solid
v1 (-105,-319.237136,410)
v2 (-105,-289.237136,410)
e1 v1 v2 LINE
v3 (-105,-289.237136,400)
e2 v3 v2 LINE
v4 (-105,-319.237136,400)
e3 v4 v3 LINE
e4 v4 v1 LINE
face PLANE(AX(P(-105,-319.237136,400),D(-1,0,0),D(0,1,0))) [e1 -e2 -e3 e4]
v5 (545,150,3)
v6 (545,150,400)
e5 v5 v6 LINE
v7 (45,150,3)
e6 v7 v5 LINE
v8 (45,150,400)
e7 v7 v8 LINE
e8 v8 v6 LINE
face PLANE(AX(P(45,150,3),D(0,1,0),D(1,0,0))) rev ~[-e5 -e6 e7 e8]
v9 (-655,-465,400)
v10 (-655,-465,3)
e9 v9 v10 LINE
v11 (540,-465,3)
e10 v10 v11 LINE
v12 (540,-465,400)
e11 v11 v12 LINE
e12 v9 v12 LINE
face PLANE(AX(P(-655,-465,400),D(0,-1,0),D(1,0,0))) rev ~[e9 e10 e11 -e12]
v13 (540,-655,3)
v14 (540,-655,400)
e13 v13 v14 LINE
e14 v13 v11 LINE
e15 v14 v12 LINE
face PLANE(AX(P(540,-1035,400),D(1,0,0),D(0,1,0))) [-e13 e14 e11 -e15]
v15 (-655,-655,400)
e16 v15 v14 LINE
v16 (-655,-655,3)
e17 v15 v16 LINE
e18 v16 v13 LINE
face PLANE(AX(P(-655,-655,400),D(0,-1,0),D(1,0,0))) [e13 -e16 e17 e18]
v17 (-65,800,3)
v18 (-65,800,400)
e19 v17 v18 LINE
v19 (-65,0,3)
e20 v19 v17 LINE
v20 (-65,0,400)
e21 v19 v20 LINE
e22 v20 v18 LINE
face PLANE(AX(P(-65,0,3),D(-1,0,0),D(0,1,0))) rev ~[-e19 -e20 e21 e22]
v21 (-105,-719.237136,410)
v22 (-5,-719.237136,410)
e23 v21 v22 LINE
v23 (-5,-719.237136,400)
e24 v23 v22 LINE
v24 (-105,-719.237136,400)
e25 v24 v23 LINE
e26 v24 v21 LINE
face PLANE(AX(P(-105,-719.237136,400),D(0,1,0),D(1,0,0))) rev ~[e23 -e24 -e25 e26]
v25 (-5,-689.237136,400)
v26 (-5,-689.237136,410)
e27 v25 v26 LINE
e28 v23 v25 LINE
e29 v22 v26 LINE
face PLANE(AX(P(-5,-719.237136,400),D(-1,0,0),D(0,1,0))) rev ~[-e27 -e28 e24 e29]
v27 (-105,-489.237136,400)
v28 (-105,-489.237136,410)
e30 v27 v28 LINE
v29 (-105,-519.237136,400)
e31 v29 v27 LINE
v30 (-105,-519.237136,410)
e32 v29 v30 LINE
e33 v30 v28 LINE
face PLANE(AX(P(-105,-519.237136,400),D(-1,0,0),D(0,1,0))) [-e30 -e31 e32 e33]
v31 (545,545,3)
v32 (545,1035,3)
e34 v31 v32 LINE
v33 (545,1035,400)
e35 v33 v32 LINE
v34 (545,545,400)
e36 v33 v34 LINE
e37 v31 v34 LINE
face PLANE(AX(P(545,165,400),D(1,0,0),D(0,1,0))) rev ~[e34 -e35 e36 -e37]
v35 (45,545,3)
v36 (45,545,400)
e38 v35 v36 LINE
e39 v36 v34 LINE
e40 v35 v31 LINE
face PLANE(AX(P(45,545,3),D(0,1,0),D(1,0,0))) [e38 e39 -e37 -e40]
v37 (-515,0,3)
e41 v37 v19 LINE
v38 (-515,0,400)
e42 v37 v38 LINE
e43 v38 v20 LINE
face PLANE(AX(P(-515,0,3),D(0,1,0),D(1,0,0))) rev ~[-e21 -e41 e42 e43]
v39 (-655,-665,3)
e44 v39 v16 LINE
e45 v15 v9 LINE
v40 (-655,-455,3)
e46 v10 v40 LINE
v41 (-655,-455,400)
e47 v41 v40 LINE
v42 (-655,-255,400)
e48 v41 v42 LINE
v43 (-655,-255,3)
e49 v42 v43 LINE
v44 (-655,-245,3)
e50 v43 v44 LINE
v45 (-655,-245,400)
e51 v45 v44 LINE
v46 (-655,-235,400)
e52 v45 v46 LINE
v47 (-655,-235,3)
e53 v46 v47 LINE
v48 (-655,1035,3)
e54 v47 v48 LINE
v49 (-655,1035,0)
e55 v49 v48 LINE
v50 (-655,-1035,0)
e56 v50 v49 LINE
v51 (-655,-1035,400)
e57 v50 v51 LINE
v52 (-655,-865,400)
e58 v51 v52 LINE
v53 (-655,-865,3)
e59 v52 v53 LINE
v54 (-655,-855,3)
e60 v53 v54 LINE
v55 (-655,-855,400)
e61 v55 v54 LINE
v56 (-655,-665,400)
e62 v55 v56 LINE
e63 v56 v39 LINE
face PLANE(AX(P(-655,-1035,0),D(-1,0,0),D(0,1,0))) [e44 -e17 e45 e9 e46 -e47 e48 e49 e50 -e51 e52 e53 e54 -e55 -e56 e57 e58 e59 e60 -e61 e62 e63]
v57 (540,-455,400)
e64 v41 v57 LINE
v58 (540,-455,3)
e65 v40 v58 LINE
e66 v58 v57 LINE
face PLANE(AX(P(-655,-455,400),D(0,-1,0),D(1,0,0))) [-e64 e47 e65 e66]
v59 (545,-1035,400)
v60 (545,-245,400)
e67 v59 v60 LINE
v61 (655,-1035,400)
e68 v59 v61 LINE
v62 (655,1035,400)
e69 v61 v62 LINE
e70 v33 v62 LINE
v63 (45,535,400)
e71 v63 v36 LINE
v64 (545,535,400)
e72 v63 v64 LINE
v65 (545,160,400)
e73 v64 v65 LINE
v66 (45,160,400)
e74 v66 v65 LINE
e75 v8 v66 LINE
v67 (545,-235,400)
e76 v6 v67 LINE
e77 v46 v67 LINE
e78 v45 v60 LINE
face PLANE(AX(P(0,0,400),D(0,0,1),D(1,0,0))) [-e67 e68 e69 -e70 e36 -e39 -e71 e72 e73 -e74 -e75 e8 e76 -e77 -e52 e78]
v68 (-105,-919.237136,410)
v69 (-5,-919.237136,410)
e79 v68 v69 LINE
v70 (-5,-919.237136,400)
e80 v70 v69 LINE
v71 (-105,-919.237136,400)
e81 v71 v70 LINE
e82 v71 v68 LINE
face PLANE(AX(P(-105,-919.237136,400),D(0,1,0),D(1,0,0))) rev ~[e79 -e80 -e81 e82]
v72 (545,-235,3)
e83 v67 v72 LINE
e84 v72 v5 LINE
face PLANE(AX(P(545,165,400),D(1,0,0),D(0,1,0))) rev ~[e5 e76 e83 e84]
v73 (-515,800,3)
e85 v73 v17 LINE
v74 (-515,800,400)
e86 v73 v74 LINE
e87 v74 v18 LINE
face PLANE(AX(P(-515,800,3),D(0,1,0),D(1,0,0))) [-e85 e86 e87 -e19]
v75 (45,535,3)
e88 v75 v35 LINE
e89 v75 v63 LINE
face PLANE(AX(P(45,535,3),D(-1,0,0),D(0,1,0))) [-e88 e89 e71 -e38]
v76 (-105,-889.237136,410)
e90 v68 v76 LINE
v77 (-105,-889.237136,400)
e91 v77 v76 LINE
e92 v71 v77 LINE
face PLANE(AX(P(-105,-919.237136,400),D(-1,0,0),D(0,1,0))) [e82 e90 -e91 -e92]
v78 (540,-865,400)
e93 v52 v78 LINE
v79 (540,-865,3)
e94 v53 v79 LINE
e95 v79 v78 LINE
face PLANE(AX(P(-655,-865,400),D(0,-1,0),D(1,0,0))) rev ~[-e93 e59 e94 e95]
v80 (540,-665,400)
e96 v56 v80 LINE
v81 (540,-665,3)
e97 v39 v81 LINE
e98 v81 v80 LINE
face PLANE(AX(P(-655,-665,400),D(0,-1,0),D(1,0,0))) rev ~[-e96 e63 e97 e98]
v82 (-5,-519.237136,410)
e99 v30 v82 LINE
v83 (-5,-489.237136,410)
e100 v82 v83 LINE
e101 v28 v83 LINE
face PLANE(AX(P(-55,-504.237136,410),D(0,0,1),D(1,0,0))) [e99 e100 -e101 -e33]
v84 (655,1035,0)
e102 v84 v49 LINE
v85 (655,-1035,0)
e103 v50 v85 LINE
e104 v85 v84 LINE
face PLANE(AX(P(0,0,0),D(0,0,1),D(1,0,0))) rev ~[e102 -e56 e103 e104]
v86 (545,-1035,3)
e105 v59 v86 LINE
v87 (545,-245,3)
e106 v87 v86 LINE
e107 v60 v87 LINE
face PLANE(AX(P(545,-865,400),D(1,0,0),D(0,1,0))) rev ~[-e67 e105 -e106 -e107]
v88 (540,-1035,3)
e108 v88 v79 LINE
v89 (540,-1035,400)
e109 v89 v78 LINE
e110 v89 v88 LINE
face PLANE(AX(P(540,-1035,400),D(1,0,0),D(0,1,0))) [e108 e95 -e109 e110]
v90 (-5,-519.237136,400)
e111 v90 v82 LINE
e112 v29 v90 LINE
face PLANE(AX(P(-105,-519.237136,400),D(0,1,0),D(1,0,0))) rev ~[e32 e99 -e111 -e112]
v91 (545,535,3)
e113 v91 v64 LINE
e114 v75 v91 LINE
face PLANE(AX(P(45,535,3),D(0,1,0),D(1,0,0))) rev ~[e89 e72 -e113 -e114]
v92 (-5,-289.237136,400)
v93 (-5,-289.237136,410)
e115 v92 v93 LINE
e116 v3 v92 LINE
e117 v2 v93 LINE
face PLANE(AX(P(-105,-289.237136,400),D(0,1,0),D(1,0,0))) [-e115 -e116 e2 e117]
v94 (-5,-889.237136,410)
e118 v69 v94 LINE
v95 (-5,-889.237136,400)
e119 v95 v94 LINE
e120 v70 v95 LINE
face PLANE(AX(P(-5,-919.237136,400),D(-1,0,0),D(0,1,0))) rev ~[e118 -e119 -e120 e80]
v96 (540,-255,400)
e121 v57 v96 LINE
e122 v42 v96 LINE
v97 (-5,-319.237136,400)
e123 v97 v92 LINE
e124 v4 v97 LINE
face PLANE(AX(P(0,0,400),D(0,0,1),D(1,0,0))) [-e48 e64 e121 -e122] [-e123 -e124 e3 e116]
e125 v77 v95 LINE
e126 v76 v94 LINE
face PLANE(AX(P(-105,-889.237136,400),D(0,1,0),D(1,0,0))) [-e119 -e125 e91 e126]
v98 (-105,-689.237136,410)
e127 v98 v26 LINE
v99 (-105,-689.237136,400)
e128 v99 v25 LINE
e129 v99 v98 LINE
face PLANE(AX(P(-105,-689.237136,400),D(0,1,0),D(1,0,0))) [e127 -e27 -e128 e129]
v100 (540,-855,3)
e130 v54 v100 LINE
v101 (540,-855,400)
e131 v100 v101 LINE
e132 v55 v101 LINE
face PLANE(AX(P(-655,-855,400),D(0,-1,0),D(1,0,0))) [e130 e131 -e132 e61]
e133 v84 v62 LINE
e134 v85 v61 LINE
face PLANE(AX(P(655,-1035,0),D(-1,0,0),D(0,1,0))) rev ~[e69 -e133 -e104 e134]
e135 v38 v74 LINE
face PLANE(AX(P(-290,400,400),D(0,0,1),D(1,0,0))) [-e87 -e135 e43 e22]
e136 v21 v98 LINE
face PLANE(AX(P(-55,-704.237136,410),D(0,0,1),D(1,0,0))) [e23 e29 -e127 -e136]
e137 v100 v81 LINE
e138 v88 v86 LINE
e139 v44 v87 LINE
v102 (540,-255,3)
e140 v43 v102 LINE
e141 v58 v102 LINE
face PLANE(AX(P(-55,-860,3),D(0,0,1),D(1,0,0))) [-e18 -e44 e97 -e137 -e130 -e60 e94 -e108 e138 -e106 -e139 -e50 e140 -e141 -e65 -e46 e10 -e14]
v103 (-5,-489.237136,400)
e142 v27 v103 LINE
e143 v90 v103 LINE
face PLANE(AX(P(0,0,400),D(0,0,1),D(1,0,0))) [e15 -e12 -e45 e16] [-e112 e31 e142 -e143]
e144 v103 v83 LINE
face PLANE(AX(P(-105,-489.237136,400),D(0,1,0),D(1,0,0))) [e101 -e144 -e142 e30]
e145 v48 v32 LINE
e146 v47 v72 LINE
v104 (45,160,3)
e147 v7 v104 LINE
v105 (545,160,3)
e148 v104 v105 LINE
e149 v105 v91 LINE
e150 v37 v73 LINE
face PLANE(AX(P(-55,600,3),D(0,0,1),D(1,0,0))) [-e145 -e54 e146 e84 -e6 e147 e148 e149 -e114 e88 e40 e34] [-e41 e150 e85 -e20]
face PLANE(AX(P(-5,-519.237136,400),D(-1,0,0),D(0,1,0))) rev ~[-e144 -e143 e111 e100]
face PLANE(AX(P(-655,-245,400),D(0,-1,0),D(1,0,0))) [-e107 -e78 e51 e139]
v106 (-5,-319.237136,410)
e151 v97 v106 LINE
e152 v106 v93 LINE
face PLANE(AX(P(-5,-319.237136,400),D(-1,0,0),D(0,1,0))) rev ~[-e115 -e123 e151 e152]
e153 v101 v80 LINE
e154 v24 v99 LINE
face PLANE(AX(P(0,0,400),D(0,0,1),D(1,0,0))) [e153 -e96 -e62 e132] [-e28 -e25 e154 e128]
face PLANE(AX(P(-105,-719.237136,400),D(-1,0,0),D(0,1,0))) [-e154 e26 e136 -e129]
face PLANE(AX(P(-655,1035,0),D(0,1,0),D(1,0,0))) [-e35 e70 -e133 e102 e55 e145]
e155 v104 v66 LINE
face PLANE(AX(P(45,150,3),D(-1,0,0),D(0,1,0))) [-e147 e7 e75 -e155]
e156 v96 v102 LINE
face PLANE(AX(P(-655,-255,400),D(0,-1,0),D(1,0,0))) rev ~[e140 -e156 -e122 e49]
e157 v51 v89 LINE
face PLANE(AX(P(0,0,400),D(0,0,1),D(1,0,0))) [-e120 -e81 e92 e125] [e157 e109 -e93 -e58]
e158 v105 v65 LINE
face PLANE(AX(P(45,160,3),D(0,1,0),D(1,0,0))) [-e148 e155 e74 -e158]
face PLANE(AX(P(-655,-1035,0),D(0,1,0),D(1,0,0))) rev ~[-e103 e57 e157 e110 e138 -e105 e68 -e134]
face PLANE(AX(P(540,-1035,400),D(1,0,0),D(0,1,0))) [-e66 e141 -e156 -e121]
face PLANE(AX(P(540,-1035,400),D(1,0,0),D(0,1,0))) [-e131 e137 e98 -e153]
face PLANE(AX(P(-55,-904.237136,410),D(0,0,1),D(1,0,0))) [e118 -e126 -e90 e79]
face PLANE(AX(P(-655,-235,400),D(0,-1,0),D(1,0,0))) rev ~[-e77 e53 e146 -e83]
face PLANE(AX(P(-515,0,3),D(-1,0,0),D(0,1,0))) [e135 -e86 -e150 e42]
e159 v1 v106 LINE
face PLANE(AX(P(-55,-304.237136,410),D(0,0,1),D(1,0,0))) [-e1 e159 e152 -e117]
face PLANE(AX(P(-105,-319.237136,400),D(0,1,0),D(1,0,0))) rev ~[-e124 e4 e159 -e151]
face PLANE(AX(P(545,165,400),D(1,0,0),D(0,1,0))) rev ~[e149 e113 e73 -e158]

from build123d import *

# Parameters (mm, degrees)
SKETCH1_W           = 1310
SKETCH1_H           = 2070
BOSS_EXTRUDE1_DEPTH = 400
SKETCH2_W           = 1200
SKETCH2_H           = 400
CUT_EXTRUDE2_DEPTH  = 397
SKETCH5_W           = 1200
SKETCH5_H           = 10
CUT_EXTRUDE5_DEPTH  = 397
SKETCH6_W           = 1200
SKETCH6_H           = 10
CUT_EXTRUDE6_DEPTH  = 397
LPATTERN2_COUNT     = 3
LPATTERN2_PITCH     = 200
SKETCH9_W           = 100
SKETCH9_H           = 30
BOSS_EXTRUDE2_DEPTH = 10
LPATTERN3_COUNT     = 4
LPATTERN3_PITCH     = 200
SKETCH11_W          = 110
SKETCH11_H          = 2070
BOSS_EXTRUDE3_DEPTH = 400
SKETCH12_W          = 500
SKETCH12_H          = 10
CUT_EXTRUDE9_DEPTH  = 397
SKETCH13_W          = 1200
SKETCH13_H          = 870
CUT_EXTRUDE10_DEPTH = 397
SKETCH14_W          = 500
SKETCH14_H          = 10
BOSS_EXTRUDE4_DEPTH = 397
LPATTERN4_COUNT     = 2
LPATTERN4_PITCH     = 385
SKETCH16_W          = 5
SKETCH16_H          = 780
CUT_EXTRUDE11_DEPTH = 397
SKETCH17_W          = 450
SKETCH17_H          = 800
BOSS_EXTRUDE5_DEPTH = 397


with BuildPart() as part:
    # Sketch1 → Boss-Extrude1 (new body)
    with BuildSketch(Plane.XY):
        Rectangle(SKETCH1_W, SKETCH1_H)
    extrude(amount=BOSS_EXTRUDE1_DEPTH)

    # Sketch2 → Cut-Extrude2 (cut)
    with BuildSketch(Plane.XY.offset(400)):
        with Locations((-55, -35)):
            Rectangle(SKETCH2_W, SKETCH2_H)
    extrude(amount=-CUT_EXTRUDE2_DEPTH, mode=Mode.SUBTRACT)

    # Sketch5 → Cut-Extrude5 (cut)
    with BuildSketch(Plane.XY.offset(400)):
        with Locations((-55, -250)):
            Rectangle(SKETCH5_W, SKETCH5_H)
    extrude(amount=-CUT_EXTRUDE5_DEPTH, mode=Mode.SUBTRACT)

    # Sketch6 → Cut-Extrude6 (cut)
    with BuildSketch(Plane.XY.offset(400)):
        with Locations((-55, -460)):
            Rectangle(SKETCH6_W, SKETCH6_H)
    cut_extrude6 = extrude(amount=-CUT_EXTRUDE6_DEPTH, mode=Mode.SUBTRACT)

    # LPattern2: Cut-Extrude6 ×3
    with Locations(*[(0, -i * LPATTERN2_PITCH, 0) for i in range(1, LPATTERN2_COUNT)]):
        add(cut_extrude6, mode=Mode.SUBTRACT)

    # Sketch9 → Boss-Extrude2 (add)
    with BuildSketch(Plane.XY.offset(400)):
        with Locations((-55, -304.237135846)):
            Rectangle(SKETCH9_W, SKETCH9_H)
    boss_extrude2 = extrude(amount=BOSS_EXTRUDE2_DEPTH)

    # LPattern3: Boss-Extrude2 ×4
    with Locations(*[(0, -i * LPATTERN3_PITCH, 0) for i in range(1, LPATTERN3_COUNT)]):
        add(boss_extrude2)

    # Sketch12 → Cut-Extrude9 (cut)
    with BuildSketch(Plane.XY.offset(400)):
        with Locations((295, 670)):
            Rectangle(SKETCH12_W, SKETCH12_H)
    extrude(amount=-CUT_EXTRUDE9_DEPTH, mode=Mode.SUBTRACT)

    # Sketch13 → Cut-Extrude10 (cut)
    with BuildSketch(Plane.XY.offset(400)):
        with Locations((-55, 600)):
            Rectangle(SKETCH13_W, SKETCH13_H)
    extrude(amount=-CUT_EXTRUDE10_DEPTH, mode=Mode.SUBTRACT)



with BuildPart() as body_2:
    # Sketch11 → Boss-Extrude3 (new body)
    with BuildSketch(Plane.XY.offset(400)):
        with Locations((600, 0)):
            Rectangle(SKETCH11_W, SKETCH11_H)
    extrude(amount=-BOSS_EXTRUDE3_DEPTH)


with BuildPart() as part_1:
    add(part.part)

    add(body_2.part)  # Boss-Extrude4 merges body 2
    # Sketch14 → Boss-Extrude4 (add)
    with BuildSketch(Plane.XY.offset(3)):
        with Locations((295, 155)):
            Rectangle(SKETCH14_W, SKETCH14_H)
    boss_extrude4 = extrude(amount=BOSS_EXTRUDE4_DEPTH)

    # LPattern4: Boss-Extrude4 ×2
    with Locations(*[(0, i * LPATTERN4_PITCH, 0) for i in range(1, LPATTERN4_COUNT)]):
        add(boss_extrude4)

    # Sketch16 → Cut-Extrude11 (cut)
    with BuildSketch(Plane.XY.offset(400)):
        with Locations((542.5, -645)):
            Rectangle(SKETCH16_W, SKETCH16_H)
    extrude(amount=-CUT_EXTRUDE11_DEPTH, mode=Mode.SUBTRACT)

    # Sketch17 → Boss-Extrude5 (add)
    with BuildSketch(Plane.XY.offset(3)):
        with Locations((-290, 400)):
            Rectangle(SKETCH17_W, SKETCH17_H)
    extrude(amount=BOSS_EXTRUDE5_DEPTH)


solid = part_1.part
